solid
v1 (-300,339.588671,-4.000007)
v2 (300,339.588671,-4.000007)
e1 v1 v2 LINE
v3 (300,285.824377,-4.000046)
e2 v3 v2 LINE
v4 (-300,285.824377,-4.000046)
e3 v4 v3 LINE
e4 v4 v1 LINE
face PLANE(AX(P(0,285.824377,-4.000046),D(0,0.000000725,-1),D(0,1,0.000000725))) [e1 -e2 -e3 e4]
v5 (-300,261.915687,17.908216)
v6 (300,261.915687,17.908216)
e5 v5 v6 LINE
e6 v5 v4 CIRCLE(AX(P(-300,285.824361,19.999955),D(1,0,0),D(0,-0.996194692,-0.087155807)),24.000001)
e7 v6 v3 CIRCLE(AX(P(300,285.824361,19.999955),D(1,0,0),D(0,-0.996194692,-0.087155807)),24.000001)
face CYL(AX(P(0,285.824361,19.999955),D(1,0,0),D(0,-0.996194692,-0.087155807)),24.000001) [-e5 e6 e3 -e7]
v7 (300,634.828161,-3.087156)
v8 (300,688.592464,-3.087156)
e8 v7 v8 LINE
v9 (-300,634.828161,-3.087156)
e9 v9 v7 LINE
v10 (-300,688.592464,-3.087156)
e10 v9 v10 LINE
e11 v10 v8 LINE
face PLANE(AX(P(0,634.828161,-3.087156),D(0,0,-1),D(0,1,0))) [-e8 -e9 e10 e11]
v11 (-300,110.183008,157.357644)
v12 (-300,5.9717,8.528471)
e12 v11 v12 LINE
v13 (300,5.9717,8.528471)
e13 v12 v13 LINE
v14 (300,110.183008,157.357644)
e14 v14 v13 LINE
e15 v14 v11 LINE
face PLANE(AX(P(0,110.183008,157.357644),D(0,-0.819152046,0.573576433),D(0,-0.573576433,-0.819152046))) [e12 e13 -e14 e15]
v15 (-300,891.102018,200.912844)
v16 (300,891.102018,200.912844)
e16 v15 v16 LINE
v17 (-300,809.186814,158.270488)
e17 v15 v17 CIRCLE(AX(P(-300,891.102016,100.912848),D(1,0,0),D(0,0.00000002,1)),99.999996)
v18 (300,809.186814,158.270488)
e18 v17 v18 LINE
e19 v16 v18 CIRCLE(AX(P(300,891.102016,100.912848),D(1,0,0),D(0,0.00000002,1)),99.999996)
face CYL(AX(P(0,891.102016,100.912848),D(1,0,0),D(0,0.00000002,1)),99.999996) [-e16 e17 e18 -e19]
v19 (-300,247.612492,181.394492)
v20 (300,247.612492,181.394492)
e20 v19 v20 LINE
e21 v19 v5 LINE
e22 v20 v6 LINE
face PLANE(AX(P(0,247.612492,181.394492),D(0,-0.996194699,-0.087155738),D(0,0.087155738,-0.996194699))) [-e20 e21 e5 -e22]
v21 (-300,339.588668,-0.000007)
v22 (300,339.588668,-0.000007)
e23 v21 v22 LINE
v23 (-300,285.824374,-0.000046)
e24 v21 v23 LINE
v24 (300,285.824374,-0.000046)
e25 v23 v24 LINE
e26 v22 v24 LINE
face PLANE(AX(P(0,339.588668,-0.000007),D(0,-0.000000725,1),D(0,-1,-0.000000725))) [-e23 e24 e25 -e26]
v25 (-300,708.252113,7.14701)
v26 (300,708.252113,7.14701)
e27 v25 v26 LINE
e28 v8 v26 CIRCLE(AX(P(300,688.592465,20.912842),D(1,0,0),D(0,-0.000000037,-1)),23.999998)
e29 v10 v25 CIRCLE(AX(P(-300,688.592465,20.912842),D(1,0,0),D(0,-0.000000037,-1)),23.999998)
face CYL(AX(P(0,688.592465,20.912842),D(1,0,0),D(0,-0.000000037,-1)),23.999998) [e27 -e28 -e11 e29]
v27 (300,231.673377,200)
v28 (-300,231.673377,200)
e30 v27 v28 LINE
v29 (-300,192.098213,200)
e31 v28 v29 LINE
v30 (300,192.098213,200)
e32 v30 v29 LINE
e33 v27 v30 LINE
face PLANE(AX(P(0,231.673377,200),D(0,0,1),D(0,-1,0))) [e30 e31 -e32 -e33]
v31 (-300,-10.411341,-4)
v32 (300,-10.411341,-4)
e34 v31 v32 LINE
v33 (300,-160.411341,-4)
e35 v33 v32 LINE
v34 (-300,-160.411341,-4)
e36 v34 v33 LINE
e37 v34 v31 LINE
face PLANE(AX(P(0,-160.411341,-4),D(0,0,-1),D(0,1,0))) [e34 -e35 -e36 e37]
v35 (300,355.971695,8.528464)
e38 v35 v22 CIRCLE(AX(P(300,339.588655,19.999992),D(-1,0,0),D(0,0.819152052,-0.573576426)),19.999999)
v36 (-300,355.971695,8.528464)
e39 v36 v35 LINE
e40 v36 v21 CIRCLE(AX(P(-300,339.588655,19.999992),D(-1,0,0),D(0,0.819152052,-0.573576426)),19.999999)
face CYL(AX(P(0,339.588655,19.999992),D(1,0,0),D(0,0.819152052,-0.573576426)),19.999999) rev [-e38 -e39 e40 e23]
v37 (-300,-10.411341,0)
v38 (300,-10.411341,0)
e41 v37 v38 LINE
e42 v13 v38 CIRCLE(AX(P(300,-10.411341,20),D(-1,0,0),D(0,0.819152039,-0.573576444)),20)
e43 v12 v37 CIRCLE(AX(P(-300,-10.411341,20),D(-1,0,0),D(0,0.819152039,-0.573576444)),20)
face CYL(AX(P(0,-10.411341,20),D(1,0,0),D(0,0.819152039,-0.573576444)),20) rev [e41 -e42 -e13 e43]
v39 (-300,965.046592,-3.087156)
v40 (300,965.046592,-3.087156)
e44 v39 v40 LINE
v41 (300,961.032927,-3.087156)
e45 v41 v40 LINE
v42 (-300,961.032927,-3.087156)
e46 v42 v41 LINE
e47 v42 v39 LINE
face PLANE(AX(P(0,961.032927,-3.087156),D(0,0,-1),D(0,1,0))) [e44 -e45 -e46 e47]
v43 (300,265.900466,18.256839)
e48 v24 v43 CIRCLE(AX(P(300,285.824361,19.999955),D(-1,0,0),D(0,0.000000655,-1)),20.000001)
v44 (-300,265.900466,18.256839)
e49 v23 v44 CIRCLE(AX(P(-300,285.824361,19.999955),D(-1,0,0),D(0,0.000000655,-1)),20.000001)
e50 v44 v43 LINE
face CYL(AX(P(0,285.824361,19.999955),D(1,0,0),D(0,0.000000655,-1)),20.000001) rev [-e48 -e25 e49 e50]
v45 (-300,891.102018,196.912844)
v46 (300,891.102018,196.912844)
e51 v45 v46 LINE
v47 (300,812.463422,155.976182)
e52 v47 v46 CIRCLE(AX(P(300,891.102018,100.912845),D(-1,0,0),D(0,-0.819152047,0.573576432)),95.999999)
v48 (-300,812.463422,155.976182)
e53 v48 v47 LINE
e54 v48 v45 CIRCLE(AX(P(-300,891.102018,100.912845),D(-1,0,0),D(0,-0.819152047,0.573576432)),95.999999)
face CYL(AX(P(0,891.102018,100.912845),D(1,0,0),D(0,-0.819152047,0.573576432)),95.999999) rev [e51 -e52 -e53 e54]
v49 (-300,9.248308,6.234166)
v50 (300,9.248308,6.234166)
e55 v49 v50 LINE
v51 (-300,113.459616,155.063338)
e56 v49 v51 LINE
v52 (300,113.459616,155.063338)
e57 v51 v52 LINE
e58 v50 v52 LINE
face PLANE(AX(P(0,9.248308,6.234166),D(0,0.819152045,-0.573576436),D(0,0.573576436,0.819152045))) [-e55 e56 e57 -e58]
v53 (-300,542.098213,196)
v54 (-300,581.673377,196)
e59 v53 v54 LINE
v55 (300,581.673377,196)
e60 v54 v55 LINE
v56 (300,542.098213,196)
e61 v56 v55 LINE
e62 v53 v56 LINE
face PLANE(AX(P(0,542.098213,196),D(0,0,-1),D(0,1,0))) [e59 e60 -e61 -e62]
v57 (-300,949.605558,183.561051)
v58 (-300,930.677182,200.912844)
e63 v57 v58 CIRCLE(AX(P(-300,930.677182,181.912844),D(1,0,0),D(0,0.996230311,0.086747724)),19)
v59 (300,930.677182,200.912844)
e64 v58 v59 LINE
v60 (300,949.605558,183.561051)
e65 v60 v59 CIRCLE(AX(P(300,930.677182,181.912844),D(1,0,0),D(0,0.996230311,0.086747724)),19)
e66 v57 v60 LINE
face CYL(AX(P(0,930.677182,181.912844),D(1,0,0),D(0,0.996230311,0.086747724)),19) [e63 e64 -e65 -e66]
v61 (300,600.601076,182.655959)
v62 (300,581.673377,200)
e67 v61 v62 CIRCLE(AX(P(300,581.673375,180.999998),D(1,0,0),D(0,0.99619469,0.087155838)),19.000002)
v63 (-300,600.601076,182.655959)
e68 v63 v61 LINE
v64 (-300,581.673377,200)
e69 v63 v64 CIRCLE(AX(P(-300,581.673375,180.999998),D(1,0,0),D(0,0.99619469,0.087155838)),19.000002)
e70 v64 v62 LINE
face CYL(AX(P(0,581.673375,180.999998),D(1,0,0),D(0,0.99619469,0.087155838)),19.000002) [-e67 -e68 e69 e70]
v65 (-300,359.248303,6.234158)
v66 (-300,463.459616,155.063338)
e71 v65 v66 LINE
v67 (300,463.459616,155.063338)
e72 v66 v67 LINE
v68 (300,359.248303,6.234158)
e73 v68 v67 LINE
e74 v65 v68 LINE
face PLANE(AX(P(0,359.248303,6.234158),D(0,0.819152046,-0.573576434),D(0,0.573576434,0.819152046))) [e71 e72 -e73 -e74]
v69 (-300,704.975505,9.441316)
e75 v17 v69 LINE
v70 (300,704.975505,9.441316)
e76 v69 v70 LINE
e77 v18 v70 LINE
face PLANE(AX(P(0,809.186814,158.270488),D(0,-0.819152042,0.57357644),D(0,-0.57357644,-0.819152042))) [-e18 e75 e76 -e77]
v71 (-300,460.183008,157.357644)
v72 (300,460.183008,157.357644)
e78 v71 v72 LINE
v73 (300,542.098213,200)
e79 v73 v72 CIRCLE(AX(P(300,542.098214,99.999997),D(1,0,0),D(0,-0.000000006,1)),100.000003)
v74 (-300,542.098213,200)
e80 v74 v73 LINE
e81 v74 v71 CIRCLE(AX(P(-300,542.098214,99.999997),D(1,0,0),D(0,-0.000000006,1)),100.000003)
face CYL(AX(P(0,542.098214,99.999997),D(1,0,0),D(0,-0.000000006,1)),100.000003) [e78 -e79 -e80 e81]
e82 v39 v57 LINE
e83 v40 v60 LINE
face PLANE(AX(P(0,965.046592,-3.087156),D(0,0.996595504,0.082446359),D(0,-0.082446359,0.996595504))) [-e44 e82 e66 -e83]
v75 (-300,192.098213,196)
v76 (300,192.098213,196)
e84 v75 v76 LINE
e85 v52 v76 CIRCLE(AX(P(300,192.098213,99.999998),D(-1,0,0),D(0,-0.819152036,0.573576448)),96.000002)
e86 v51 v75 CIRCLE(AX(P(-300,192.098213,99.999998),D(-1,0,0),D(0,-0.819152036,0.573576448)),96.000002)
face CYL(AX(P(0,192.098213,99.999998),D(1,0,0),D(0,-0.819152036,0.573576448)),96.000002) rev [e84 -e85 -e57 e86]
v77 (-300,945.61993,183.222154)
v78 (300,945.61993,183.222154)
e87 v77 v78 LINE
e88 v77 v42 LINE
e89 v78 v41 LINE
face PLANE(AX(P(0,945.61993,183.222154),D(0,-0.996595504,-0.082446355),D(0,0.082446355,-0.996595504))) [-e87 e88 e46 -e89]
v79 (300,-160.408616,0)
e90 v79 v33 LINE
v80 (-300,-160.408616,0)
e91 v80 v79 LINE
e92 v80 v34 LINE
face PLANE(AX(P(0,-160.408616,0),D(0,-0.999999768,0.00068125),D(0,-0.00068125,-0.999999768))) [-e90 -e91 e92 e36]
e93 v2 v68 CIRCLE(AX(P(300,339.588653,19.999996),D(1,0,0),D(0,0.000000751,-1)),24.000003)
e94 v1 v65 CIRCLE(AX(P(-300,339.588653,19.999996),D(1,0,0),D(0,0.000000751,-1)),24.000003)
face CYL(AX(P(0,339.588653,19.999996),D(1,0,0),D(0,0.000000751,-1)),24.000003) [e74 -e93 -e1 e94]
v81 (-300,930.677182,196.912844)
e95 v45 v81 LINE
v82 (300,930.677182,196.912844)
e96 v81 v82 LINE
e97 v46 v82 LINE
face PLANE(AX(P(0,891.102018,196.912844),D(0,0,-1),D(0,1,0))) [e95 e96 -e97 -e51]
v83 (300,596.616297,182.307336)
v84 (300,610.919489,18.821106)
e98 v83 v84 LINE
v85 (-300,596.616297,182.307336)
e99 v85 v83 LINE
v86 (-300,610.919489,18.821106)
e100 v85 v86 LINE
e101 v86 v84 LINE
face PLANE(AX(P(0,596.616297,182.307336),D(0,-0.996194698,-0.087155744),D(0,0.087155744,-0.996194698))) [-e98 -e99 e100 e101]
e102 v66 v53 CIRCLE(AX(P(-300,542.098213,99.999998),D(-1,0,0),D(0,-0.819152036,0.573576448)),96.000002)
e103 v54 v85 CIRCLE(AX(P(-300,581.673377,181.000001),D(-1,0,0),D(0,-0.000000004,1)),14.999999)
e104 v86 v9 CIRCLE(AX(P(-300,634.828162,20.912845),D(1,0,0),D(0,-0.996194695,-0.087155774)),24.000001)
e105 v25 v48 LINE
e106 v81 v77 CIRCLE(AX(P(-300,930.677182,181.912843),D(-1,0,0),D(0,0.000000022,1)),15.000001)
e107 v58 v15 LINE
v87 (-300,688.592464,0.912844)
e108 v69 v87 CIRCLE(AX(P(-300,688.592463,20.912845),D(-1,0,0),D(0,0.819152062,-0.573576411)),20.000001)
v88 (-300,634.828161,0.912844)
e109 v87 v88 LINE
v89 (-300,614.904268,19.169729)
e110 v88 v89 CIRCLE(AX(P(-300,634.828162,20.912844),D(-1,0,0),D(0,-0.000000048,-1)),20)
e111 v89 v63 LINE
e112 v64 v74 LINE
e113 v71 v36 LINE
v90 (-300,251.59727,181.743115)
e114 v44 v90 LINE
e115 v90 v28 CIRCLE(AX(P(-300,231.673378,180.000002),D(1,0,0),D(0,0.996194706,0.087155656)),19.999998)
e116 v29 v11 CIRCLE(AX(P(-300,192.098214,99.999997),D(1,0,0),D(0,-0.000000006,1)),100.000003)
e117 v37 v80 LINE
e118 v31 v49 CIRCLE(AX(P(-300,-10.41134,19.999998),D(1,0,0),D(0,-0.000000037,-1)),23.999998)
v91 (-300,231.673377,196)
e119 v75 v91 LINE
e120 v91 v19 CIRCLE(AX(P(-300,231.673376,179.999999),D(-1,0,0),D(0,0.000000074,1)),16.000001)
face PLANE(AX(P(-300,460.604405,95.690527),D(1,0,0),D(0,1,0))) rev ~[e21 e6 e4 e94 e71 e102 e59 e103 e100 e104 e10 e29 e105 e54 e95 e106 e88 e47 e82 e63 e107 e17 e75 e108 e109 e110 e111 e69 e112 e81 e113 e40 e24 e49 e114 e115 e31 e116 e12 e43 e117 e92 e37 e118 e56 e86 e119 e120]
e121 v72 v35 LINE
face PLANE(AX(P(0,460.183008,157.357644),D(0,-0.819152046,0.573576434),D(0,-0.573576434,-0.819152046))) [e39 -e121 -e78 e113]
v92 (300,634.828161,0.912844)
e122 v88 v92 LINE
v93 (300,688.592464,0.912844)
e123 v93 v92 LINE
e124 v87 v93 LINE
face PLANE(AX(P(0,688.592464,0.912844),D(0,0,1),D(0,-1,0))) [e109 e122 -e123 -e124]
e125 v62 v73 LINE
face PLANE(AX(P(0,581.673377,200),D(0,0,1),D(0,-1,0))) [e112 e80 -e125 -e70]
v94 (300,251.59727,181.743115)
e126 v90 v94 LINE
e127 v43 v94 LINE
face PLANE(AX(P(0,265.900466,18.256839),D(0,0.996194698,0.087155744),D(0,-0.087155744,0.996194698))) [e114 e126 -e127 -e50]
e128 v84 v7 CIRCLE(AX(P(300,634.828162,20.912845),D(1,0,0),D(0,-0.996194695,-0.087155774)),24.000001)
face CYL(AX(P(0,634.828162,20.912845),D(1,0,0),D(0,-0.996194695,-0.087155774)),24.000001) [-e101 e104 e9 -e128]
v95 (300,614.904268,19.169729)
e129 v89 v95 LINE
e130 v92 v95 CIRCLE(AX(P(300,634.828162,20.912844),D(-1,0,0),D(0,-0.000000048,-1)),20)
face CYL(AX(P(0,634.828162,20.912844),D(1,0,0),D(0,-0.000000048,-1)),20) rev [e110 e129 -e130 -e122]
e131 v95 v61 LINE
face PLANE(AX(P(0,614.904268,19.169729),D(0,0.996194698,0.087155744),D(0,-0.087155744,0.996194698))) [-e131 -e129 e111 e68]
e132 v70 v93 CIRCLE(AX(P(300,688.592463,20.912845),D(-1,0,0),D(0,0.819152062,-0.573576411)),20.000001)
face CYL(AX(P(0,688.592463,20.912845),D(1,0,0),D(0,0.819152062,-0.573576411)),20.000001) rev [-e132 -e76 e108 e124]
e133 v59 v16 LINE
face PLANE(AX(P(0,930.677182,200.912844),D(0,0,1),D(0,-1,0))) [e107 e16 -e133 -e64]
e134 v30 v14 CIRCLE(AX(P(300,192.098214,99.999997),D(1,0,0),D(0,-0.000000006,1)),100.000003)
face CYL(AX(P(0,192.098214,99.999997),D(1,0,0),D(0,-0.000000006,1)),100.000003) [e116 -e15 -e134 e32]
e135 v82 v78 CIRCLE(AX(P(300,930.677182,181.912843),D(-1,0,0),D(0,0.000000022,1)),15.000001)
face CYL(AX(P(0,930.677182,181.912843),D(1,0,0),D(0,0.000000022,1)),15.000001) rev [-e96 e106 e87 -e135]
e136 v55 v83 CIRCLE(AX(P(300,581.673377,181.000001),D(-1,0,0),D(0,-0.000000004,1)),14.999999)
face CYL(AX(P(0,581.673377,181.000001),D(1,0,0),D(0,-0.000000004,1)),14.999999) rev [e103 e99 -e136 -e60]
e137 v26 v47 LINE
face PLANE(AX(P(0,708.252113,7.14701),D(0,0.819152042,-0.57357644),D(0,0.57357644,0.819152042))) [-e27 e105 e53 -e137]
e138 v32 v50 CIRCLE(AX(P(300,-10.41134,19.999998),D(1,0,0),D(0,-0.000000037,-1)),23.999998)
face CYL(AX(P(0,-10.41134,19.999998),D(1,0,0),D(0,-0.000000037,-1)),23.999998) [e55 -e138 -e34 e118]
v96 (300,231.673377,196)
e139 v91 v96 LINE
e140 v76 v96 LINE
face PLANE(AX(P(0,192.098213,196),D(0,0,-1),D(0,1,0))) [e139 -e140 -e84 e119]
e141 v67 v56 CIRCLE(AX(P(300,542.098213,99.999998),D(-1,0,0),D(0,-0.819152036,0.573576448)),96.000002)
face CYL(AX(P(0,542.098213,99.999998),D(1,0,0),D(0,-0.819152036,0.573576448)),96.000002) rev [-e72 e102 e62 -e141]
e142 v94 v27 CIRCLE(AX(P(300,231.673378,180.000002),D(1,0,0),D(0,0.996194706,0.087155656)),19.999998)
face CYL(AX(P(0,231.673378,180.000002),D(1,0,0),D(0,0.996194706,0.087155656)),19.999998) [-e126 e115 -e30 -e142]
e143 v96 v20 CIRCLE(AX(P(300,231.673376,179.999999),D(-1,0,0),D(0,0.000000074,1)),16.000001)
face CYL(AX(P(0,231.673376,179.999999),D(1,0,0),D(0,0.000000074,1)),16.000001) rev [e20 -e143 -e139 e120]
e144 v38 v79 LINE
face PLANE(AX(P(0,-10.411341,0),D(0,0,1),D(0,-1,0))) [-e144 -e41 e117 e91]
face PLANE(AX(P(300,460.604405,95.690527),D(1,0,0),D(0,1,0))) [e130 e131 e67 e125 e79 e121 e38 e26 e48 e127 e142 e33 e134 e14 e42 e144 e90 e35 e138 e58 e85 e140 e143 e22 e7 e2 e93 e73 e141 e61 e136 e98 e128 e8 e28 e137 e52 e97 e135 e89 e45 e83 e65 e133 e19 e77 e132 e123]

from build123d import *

# Parameters (mm, degrees)
F1_DEPTH      = 300
F1_DEPTH_BACK = 300


with BuildPart() as f1:
    # F0 (on Right) → F1 (new body, two sides)
    with BuildSketch(Plane.YZ) as f1_sk:
        with BuildLine():
            Line((110.183008, 157.357644), (5.9717, 8.528471))
            ThreePointArc((5.9717, 8.528471), (-1.176369, 2.259783), (-10.411341, 0))
            Line((-10.411341, 0), (-160.408616, 0))
            Line((-160.408616, 0), (-160.411341, -4))
            Line((-160.411341, -4), (-10.411341, -4))
            ThreePointArc((-10.411341, -4), (0.670626, -1.28826), (9.248308, 6.234166))
            Line((9.248308, 6.234166), (113.459616, 155.063338))
            ThreePointArc((113.459616, 155.063338), (147.770346, 185.15304), (192.098213, 196))
            Line((192.098213, 196), (231.673377, 196))
            ThreePointArc((231.673377, 196), (242.48282, 191.796437), (247.612492, 181.394492))
            Line((247.612492, 181.394492), (261.915687, 17.908216))
            ThreePointArc((261.915687, 17.908216), (269.610202, 2.305292), (285.824377, -4.000046))
            Line((285.824377, -4.000046), (339.588671, -4.000007))
            ThreePointArc((339.588671, -4.000007), (350.670628, -1.288263), (359.248303, 6.234158))
            Line((359.248303, 6.234158), (463.459616, 155.063338))
            ThreePointArc((463.459616, 155.063338), (497.770346, 185.15304), (542.098213, 196))
            Line((542.098213, 196), (581.673377, 196))
            ThreePointArc((581.673377, 196), (591.80723, 192.05916), (596.616297, 182.307336))
            Line((596.616297, 182.307336), (610.919489, 18.821106))
            ThreePointArc((610.919489, 18.821106), (618.613997, 3.218188), (634.828161, -3.087156))
            Line((634.828161, -3.087156), (688.592464, -3.087156))
            ThreePointArc((688.592464, -3.087156), (699.674431, -0.375416), (708.252113, 7.14701))
            Line((708.252113, 7.14701), (812.463422, 155.976182))
            ThreePointArc((812.463422, 155.976182), (846.774151, 186.065884), (891.102018, 196.912844))
            Line((891.102018, 196.912844), (930.677182, 196.912844))
            ThreePointArc((930.677182, 196.912844), (940.810305, 192.972673), (945.61993, 183.222154))
            Line((945.61993, 183.222154), (961.032927, -3.087156))
            Line((961.032927, -3.087156), (965.046592, -3.087156))
            Line((965.046592, -3.087156), (949.605558, 183.561051))
            ThreePointArc((949.605558, 183.561051), (943.516264, 195.918485), (930.677182, 200.912844))
            Line((930.677182, 200.912844), (891.102018, 200.912844))
            ThreePointArc((891.102018, 200.912844), (844.927157, 189.613928), (809.186814, 158.270488))
            Line((809.186814, 158.270488), (704.975505, 9.441316))
            ThreePointArc((704.975505, 9.441316), (697.827437, 3.172628), (688.592464, 0.912844))
            Line((688.592464, 0.912844), (634.828161, 0.912844))
            ThreePointArc((634.828161, 0.912844), (621.316357, 6.167298), (614.904268, 19.169729))
            Line((614.904268, 19.169729), (600.601076, 182.655959))
            ThreePointArc((600.601076, 182.655959), (594.50959, 195.008269), (581.673377, 200))
            Line((581.673377, 200), (542.098213, 200))
            ThreePointArc((542.098213, 200), (495.923351, 188.701083), (460.183008, 157.357644))
            Line((460.183008, 157.357644), (355.971695, 8.528464))
            ThreePointArc((355.971695, 8.528464), (348.823632, 2.259779), (339.588668, -7e-06))
            Line((339.588668, -7e-06), (285.824374, -4.6e-05))
            ThreePointArc((285.824374, -4.6e-05), (272.312561, 5.254403), (265.900466, 18.256839))
            Line((265.900466, 18.256839), (251.59727, 181.743115))
            ThreePointArc((251.59727, 181.743115), (245.185181, 194.745547), (231.673377, 200))
            Line((231.673377, 200), (192.098213, 200))
            ThreePointArc((192.098213, 200), (145.923351, 188.701083), (110.183008, 157.357644))
        make_face()
    extrude(amount=F1_DEPTH)
    extrude(f1_sk.sketch, amount=-F1_DEPTH_BACK)


solid = f1.part
